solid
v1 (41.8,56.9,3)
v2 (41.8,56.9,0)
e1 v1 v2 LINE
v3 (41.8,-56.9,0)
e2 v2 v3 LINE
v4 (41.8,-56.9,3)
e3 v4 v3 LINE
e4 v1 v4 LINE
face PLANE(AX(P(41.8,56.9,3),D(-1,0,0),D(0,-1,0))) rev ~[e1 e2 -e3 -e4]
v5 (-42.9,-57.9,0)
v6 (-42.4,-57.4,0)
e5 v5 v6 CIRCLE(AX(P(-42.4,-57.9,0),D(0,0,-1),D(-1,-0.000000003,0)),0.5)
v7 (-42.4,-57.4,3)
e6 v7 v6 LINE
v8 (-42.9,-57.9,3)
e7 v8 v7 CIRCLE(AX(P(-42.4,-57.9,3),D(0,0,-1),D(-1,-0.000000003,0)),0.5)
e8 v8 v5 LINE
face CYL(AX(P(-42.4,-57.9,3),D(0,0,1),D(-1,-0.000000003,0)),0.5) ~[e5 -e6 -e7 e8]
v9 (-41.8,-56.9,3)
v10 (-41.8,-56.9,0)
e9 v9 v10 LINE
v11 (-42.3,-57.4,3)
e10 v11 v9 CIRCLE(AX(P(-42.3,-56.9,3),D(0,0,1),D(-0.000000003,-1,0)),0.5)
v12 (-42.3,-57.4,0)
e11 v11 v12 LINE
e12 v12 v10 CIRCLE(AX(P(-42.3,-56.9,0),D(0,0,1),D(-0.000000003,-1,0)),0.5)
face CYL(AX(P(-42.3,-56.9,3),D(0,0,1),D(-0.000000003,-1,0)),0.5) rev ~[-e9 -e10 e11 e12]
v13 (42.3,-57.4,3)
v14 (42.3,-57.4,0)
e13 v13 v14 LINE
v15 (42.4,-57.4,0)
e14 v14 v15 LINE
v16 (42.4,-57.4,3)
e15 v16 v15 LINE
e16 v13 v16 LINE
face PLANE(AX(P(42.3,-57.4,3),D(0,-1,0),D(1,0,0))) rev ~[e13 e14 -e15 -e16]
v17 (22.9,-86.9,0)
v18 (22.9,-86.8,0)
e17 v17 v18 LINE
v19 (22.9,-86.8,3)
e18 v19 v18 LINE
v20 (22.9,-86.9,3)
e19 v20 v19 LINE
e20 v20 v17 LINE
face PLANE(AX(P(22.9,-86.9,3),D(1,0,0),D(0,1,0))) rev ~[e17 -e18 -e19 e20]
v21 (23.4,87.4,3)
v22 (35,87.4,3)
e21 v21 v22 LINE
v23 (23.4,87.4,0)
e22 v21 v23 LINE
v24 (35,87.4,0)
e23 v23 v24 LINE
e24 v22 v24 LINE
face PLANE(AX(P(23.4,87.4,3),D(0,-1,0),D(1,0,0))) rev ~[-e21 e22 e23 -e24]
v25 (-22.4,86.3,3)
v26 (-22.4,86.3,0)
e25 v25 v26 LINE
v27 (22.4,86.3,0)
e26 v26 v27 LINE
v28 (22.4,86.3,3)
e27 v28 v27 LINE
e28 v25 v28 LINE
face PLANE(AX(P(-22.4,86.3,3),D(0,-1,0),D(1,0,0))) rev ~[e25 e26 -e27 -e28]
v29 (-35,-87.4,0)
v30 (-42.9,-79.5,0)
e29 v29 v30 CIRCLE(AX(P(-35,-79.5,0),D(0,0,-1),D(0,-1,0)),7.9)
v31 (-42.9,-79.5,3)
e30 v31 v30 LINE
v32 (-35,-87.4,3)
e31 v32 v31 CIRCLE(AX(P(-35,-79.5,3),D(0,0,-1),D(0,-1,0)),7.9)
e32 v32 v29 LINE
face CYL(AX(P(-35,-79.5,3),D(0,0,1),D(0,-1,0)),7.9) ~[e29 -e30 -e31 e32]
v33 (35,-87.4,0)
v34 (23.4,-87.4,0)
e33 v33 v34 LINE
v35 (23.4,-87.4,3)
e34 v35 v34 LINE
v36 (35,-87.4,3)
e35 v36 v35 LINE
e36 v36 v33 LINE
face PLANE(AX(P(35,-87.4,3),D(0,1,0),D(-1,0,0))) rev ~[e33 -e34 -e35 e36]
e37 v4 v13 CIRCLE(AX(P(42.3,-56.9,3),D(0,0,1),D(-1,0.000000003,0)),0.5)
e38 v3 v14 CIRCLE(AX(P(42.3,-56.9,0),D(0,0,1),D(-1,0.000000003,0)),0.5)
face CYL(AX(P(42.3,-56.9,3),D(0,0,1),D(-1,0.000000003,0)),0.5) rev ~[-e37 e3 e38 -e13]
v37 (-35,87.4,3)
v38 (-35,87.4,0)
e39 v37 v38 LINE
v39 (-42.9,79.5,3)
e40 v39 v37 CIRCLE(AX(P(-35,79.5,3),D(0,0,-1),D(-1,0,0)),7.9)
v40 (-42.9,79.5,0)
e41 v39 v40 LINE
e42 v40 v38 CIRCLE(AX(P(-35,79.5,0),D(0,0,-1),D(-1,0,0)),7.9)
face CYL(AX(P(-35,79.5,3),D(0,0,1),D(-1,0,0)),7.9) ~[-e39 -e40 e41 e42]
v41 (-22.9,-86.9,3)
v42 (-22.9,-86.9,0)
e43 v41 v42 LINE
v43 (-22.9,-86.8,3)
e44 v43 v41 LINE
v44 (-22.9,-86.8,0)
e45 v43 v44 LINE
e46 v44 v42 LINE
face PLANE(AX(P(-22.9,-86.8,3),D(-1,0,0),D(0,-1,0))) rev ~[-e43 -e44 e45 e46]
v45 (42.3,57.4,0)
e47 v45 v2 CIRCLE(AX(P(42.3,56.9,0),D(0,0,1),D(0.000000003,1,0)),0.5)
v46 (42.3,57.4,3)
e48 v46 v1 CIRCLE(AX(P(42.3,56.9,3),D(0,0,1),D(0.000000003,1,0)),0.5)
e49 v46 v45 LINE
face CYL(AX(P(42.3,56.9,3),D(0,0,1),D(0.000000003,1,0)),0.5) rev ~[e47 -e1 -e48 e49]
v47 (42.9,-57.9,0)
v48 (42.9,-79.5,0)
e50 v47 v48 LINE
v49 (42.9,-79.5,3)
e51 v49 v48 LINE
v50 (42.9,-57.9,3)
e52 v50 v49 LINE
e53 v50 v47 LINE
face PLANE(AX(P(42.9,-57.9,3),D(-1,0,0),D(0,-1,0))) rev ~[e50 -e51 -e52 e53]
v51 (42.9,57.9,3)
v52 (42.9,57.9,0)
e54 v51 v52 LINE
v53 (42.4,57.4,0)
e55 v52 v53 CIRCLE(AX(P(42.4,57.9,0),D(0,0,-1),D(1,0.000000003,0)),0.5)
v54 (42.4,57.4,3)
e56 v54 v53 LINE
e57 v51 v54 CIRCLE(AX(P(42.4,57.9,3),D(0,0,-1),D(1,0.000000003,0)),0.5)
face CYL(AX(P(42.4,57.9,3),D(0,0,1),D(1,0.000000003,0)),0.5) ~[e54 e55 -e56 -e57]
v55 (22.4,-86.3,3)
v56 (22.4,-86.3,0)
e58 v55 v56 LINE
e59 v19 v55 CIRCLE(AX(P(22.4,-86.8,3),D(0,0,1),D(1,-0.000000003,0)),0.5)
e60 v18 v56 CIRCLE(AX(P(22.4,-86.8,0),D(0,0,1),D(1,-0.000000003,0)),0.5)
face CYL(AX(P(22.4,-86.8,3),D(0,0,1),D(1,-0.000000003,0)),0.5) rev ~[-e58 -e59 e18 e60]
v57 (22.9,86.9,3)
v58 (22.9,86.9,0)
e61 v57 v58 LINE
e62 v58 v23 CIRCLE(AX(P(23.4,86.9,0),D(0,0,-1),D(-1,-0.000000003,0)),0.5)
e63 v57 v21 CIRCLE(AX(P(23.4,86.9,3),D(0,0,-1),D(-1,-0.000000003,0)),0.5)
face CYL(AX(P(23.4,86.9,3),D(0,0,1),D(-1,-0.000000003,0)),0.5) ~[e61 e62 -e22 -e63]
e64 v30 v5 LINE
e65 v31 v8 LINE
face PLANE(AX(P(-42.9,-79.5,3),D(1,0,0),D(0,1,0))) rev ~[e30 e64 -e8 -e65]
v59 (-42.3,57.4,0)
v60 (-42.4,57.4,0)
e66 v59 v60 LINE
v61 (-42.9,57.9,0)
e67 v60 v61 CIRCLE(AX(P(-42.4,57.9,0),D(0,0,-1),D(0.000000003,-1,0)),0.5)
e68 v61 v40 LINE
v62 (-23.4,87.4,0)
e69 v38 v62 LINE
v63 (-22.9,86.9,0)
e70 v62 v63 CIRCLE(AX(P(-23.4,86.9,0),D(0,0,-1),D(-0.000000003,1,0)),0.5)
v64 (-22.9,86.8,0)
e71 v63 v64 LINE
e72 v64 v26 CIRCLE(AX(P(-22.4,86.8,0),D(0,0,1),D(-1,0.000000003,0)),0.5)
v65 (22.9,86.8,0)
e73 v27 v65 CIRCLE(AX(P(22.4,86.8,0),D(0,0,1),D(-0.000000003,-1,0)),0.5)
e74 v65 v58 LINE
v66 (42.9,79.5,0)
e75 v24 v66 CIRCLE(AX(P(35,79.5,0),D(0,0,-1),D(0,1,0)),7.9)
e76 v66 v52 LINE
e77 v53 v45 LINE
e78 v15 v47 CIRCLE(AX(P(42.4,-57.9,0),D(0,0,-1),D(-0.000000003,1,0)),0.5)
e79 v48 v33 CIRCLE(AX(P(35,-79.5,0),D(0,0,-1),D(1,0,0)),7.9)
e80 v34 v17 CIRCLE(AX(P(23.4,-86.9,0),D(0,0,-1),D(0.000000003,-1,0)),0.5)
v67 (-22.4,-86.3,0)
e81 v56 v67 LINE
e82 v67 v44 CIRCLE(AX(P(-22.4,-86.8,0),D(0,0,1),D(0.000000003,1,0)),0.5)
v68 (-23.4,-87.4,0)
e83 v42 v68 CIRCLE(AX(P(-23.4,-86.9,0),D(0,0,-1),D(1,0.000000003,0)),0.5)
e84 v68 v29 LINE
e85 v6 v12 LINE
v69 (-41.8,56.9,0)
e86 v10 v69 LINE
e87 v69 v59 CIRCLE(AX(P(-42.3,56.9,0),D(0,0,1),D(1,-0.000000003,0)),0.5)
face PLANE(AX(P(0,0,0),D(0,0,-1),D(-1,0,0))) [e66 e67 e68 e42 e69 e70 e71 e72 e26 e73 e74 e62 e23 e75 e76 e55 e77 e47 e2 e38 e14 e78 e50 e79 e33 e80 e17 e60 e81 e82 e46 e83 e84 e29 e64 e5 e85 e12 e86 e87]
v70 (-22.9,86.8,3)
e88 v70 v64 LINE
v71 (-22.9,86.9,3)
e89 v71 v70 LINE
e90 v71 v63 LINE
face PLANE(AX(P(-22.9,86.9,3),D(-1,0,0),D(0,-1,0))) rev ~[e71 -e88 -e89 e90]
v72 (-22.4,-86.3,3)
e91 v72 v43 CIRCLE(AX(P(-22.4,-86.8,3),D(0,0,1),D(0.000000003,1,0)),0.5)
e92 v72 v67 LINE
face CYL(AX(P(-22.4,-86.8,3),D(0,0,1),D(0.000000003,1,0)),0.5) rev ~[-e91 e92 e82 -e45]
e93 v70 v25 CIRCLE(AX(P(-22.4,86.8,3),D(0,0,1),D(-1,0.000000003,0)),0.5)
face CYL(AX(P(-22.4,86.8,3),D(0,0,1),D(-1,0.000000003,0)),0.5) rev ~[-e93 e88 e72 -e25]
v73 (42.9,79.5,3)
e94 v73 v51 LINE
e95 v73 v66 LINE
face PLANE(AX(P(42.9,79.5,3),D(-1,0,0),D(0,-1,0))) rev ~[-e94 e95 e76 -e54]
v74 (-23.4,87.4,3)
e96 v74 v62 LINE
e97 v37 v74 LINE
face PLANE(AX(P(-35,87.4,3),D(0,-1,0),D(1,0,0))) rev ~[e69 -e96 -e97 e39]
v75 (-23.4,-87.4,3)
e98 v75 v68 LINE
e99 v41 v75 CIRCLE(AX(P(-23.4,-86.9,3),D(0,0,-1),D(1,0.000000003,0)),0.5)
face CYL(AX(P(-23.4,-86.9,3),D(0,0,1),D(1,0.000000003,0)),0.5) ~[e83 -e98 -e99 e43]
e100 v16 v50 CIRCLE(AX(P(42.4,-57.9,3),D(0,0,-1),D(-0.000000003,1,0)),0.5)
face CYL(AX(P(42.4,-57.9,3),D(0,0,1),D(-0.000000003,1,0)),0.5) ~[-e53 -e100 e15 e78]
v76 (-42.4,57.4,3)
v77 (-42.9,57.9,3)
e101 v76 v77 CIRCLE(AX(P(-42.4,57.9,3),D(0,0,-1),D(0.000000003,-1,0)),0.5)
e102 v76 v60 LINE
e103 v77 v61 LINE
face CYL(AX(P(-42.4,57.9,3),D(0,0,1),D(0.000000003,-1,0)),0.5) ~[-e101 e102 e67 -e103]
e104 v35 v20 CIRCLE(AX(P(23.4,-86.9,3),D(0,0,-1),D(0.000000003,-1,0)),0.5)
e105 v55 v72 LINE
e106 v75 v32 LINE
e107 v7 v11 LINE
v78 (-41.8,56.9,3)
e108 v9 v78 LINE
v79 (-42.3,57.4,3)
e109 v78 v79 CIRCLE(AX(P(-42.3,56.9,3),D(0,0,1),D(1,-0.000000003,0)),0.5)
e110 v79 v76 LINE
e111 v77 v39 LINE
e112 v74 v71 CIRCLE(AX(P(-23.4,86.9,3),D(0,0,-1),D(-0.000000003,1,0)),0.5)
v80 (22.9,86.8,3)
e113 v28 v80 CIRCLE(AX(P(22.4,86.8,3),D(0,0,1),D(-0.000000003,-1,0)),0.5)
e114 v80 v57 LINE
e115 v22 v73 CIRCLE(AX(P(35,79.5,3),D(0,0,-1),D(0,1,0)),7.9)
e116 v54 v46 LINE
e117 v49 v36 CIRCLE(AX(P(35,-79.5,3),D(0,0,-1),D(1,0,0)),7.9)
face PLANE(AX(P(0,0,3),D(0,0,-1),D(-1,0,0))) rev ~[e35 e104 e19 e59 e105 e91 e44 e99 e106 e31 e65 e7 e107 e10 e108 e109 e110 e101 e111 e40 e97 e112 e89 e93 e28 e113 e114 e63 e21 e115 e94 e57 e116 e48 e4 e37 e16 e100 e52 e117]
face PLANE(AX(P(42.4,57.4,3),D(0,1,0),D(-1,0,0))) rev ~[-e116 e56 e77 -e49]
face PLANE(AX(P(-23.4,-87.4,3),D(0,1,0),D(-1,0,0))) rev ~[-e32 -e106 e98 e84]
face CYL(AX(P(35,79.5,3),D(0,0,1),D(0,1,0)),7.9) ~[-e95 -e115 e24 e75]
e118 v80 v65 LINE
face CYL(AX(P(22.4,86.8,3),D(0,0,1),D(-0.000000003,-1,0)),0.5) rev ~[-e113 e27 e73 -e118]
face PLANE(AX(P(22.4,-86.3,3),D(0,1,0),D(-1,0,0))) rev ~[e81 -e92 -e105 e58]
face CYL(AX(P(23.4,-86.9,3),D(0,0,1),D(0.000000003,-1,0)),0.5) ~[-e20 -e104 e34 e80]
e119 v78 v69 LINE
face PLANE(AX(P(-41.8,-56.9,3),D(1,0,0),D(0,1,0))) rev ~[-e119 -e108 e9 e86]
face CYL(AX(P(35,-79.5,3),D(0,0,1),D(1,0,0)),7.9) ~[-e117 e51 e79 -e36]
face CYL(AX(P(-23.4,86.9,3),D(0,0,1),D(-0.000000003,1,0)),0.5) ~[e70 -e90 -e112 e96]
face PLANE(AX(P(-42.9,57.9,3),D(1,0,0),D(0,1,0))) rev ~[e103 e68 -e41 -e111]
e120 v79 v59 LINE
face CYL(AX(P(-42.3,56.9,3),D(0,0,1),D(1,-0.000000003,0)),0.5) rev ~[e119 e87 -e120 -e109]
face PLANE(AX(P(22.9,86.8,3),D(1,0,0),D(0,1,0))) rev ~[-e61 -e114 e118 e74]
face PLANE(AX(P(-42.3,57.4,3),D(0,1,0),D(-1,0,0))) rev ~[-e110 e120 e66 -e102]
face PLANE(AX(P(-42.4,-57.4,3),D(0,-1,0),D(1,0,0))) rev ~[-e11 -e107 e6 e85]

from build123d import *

# Parameters (mm, degrees)
BOSS_EXTRUDE1_DEPTH = 3


with BuildPart() as part:
    # Sketch1 → Boss-Extrude1 (new body)
    with BuildSketch(Plane.XY.offset(3)):
        with BuildLine():
            Line((42.4, 57.4), (42.3, 57.4))
            ThreePointArc((42.3, 57.4), (41.946446609, 57.253553391), (41.8, 56.9))
            Line((41.8, 56.9), (41.8, -56.9))
            ThreePointArc((41.8, -56.9), (41.946446609, -57.253553391), (42.3, -57.4))
            Line((42.3, -57.4), (42.4, -57.4))
            ThreePointArc((42.4, -57.4), (42.753553391, -57.546446609), (42.9, -57.9))
            Line((42.9, -57.9), (42.9, -79.5))
            ThreePointArc((42.9, -79.5), (40.586143571, -85.086143571), (35, -87.4))
            Line((35, -87.4), (23.4, -87.4))
            ThreePointArc((23.4, -87.4), (23.046446609, -87.253553391), (22.9, -86.9))
            Line((22.9, -86.9), (22.9, -86.8))
            ThreePointArc((22.9, -86.8), (22.753553391, -86.446446609), (22.4, -86.3))
            Line((22.4, -86.3), (-22.4, -86.3))
            ThreePointArc((-22.4, -86.3), (-22.753553391, -86.446446609), (-22.9, -86.8))
            Line((-22.9, -86.8), (-22.9, -86.9))
            ThreePointArc((-22.9, -86.9), (-23.046446609, -87.253553391), (-23.4, -87.4))
            Line((-23.4, -87.4), (-35, -87.4))
            ThreePointArc((-35, -87.4), (-40.586143571, -85.086143571), (-42.9, -79.5))
            Line((-42.9, -79.5), (-42.9, -57.9))
            ThreePointArc((-42.9, -57.9), (-42.753553391, -57.546446609), (-42.4, -57.4))
            Line((-42.4, -57.4), (-42.3, -57.4))
            ThreePointArc((-42.3, -57.4), (-41.946446609, -57.253553391), (-41.8, -56.9))
            Line((-41.8, -56.9), (-41.8, 56.9))
            ThreePointArc((-41.8, 56.9), (-41.946446609, 57.253553391), (-42.3, 57.4))
            Line((-42.3, 57.4), (-42.4, 57.4))
            ThreePointArc((-42.4, 57.4), (-42.753553391, 57.546446609), (-42.9, 57.9))
            Line((-42.9, 57.9), (-42.9, 79.5))
            ThreePointArc((-42.9, 79.5), (-40.586143571, 85.086143571), (-35, 87.4))
            Line((-35, 87.4), (-23.4, 87.4))
            ThreePointArc((-23.4, 87.4), (-23.046446609, 87.253553391), (-22.9, 86.9))
            Line((-22.9, 86.9), (-22.9, 86.8))
            ThreePointArc((-22.9, 86.8), (-22.753553391, 86.446446609), (-22.4, 86.3))
            Line((-22.4, 86.3), (22.4, 86.3))
            ThreePointArc((22.4, 86.3), (22.753553391, 86.446446609), (22.9, 86.8))
            Line((22.9, 86.8), (22.9, 86.9))
            ThreePointArc((22.9, 86.9), (23.046446609, 87.253553391), (23.4, 87.4))
            Line((23.4, 87.4), (35, 87.4))
            ThreePointArc((35, 87.4), (40.586143571, 85.086143571), (42.9, 79.5))
            Line((42.9, 79.5), (42.9, 57.9))
            ThreePointArc((42.9, 57.9), (42.753553391, 57.546446609), (42.4, 57.4))
        make_face()
    extrude(amount=-BOSS_EXTRUDE1_DEPTH)


solid = part.part
